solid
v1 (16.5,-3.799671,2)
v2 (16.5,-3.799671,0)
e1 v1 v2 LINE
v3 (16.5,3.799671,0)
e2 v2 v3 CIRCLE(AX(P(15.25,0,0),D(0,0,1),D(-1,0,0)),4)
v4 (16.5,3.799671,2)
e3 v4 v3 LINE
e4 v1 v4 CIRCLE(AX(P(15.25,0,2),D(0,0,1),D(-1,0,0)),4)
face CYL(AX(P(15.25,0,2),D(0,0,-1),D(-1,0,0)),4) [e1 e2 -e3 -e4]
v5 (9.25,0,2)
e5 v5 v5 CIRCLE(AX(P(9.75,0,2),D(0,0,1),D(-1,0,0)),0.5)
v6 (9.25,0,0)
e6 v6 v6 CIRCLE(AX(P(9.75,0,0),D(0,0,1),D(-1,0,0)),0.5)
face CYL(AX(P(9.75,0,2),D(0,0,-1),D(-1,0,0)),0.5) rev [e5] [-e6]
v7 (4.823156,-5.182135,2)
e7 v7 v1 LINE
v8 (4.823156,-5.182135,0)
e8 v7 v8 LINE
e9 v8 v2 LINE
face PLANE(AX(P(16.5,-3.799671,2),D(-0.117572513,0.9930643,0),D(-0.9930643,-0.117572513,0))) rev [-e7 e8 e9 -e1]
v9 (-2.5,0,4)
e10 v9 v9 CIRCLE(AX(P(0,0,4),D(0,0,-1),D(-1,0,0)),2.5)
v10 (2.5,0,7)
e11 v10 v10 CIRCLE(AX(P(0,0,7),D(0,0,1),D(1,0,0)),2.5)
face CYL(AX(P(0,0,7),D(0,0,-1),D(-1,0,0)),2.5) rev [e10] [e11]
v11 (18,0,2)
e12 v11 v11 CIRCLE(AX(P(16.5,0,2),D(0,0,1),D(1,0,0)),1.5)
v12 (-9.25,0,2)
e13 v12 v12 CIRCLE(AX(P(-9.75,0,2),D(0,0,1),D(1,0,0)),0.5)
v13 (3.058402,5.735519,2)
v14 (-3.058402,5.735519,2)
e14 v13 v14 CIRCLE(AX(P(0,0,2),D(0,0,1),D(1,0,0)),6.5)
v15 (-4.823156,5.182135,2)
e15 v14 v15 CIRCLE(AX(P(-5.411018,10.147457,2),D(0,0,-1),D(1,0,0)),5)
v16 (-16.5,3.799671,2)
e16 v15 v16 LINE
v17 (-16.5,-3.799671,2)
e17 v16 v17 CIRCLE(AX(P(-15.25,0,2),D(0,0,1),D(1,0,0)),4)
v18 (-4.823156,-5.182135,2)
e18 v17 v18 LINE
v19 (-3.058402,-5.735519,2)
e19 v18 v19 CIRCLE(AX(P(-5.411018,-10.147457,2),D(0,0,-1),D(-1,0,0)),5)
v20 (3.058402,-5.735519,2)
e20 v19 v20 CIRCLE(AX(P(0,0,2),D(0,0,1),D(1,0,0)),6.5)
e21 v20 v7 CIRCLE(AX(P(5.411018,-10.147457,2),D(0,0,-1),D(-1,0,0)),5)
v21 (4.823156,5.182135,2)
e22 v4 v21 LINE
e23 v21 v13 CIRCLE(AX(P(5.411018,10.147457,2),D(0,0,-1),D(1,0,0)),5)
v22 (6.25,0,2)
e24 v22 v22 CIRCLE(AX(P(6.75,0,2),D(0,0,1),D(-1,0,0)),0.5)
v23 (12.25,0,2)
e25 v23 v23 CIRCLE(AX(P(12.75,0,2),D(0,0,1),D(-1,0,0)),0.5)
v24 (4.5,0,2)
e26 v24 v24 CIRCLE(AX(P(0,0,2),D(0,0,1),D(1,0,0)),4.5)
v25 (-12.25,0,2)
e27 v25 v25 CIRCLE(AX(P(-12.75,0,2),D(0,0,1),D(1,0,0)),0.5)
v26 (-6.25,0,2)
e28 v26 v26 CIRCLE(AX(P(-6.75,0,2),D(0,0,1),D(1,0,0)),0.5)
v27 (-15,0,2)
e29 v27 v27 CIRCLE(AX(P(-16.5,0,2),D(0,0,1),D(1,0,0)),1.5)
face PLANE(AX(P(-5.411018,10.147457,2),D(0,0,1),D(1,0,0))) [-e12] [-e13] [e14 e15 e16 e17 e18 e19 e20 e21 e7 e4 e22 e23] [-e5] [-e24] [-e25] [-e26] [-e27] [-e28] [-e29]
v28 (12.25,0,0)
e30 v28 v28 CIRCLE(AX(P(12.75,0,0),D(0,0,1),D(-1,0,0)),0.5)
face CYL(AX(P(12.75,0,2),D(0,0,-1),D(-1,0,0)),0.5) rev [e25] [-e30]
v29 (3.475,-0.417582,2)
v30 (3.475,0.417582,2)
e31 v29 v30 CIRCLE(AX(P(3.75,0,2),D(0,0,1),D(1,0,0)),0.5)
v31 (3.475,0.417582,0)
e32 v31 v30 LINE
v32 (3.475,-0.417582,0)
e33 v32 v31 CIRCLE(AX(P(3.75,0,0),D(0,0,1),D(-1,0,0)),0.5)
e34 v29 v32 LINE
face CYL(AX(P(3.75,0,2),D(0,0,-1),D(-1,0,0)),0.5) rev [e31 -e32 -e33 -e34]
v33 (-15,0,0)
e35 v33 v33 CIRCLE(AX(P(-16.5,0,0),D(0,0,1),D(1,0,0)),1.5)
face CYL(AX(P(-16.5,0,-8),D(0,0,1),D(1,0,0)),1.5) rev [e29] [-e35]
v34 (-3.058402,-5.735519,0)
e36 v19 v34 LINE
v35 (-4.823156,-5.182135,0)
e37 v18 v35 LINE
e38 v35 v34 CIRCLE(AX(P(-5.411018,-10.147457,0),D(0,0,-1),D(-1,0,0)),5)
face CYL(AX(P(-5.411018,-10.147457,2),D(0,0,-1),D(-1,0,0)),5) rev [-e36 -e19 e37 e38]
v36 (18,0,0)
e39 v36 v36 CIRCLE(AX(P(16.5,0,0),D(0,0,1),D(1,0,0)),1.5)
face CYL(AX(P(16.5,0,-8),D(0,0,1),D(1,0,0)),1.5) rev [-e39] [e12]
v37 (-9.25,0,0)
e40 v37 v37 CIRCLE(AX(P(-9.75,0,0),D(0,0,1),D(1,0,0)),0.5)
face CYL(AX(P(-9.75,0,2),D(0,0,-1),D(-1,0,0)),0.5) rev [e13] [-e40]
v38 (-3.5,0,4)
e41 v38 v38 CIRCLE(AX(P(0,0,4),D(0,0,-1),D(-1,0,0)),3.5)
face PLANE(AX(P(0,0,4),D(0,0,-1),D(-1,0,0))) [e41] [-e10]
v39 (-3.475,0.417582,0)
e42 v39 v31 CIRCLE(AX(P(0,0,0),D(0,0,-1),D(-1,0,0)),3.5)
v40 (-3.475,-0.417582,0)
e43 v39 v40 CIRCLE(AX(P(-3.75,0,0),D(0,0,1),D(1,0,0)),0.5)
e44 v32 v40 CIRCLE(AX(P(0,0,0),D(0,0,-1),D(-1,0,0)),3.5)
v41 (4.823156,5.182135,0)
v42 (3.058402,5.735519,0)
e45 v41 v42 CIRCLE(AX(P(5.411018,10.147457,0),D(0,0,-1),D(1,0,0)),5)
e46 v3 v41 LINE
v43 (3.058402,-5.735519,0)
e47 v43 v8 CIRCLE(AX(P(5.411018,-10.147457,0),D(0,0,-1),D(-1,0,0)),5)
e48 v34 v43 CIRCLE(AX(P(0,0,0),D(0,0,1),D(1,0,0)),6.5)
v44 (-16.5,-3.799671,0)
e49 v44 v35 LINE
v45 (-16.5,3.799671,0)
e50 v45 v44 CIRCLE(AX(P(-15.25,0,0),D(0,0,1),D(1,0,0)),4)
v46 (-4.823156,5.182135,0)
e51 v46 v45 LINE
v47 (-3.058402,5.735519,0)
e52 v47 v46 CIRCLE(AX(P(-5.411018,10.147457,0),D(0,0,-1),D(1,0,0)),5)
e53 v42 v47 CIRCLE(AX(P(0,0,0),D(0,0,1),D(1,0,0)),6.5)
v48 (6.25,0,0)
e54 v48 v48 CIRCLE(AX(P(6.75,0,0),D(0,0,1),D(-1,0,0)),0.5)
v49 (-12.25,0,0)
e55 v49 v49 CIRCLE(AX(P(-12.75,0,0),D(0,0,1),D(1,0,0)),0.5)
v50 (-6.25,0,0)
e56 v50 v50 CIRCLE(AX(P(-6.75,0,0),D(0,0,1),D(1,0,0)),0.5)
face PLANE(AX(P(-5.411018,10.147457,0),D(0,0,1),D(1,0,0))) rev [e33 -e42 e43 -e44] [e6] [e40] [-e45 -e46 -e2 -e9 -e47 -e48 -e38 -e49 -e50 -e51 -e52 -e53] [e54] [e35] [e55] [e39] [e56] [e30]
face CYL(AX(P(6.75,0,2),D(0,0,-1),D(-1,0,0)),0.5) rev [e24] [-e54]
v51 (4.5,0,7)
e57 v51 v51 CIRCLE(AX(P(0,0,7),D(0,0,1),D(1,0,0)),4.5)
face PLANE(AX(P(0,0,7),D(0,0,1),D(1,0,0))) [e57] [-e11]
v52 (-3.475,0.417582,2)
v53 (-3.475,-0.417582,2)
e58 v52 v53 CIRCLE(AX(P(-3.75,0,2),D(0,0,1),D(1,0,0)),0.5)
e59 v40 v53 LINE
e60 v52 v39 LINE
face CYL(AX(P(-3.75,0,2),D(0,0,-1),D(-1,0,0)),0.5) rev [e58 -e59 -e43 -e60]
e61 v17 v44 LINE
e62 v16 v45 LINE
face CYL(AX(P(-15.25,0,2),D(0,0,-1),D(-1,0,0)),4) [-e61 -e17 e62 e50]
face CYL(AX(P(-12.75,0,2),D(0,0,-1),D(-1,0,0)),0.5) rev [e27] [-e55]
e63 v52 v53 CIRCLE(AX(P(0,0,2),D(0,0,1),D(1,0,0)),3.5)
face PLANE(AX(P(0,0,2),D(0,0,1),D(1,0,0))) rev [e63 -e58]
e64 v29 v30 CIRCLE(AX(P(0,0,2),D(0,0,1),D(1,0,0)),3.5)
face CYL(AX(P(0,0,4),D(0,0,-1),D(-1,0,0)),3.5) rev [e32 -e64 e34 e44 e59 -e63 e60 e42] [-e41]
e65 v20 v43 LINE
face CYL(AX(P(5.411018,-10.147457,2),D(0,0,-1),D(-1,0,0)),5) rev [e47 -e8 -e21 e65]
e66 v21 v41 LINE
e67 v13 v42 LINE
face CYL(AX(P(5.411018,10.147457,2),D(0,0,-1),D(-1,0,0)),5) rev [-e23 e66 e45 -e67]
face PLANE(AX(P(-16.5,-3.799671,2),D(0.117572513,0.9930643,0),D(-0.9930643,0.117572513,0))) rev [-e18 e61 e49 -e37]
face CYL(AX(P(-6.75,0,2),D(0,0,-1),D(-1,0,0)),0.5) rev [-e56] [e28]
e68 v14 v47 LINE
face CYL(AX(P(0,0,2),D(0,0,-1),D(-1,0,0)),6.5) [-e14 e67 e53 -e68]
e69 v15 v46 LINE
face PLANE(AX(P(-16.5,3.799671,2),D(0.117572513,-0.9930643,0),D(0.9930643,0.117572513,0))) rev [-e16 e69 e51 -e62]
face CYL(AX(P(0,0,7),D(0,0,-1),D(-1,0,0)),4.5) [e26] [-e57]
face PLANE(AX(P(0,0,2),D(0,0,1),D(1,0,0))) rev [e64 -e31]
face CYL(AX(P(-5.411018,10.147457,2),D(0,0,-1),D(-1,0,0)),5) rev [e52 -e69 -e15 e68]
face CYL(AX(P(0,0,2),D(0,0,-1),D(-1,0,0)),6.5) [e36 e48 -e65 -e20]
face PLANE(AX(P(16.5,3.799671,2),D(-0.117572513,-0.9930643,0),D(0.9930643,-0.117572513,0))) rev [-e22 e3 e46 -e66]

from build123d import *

# Parameters (mm, degrees)
SKETCH_1_R          = 0.5
EXTRUDE_1_DEPTH     = 2
SKETCH_2_R          = 4.5
SKETCH_2_R_2        = 2.5
EXTRUDE_2_DEPTH     = 5
SKETCH_3_R          = 3.5
CUT_EXTRUDE_1_DEPTH = 4
SKETCH_5_R          = 1.5
CUT_EXTRUDE_2_DEPTH = 10


with BuildPart() as part:
    # 草图1 → 凸台-拉伸1 (new body)
    with BuildSketch(Plane.XY):
        with BuildLine():
            Line((16.5, -3.799671038), (4.823155871, -5.182135299))
            ThreePointArc((4.823155871, -5.182135299), (3.914969309, -5.376520098), (3.058401724, -5.735519061))
            ThreePointArc((3.058401724, -5.735519061), (0, -6.5), (-3.058401724, -5.735519061))
            ThreePointArc((-3.058401724, -5.735519061), (-3.914969309, -5.376520098), (-4.823155871, -5.182135299))
            Line((-4.823155871, -5.182135299), (-16.5, -3.799671038))
            ThreePointArc((-16.5, -3.799671038), (-19.25, 0), (-16.5, 3.799671038))
            Line((-16.5, 3.799671038), (-4.823155871, 5.182135299))
            ThreePointArc((-4.823155871, 5.182135299), (-3.914969309, 5.376520098), (-3.058401724, 5.735519061))
            ThreePointArc((-3.058401724, 5.735519061), (0, 6.5), (3.058401724, 5.735519061))
            ThreePointArc((3.058401724, 5.735519061), (3.914969309, 5.376520098), (4.823155871, 5.182135299))
            Line((4.823155871, 5.182135299), (16.5, 3.799671038))
            ThreePointArc((16.5, 3.799671038), (19.25, 0), (16.5, -3.799671038))
        make_face()
        with Locations((-16.5, 0)):
            Circle(SKETCH_1_R, mode=Mode.SUBTRACT)
        with Locations((-12.75, 0)):
            Circle(SKETCH_1_R, mode=Mode.SUBTRACT)
        with Locations((-9.75, 0)):
            Circle(SKETCH_1_R, mode=Mode.SUBTRACT)
        with Locations((-6.75, 0)):
            Circle(SKETCH_1_R, mode=Mode.SUBTRACT)
        with Locations((-3.75, 0)):
            Circle(SKETCH_1_R, mode=Mode.SUBTRACT)
        with Locations(Location((3.75, 0, 0), (0, 0, 180))):
            Circle(SKETCH_1_R, mode=Mode.SUBTRACT)
        with Locations(Location((6.75, 0, 0), (0, 0, 180))):
            Circle(SKETCH_1_R, mode=Mode.SUBTRACT)
        with Locations(Location((9.75, 0, 0), (0, 0, 180))):
            Circle(SKETCH_1_R, mode=Mode.SUBTRACT)
        with Locations(Location((12.75, 0, 0), (0, 0, 180))):
            Circle(SKETCH_1_R, mode=Mode.SUBTRACT)
        with Locations(Location((16.5, 0, 0), (0, 0, 180))):
            Circle(SKETCH_1_R, mode=Mode.SUBTRACT)
    extrude(amount=EXTRUDE_1_DEPTH)

    # 草图2 → 凸台-拉伸2 (add)
    with BuildSketch(Plane.XY.offset(2)):
        Circle(SKETCH_2_R)
        Circle(SKETCH_2_R_2, mode=Mode.SUBTRACT)
    extrude(amount=EXTRUDE_2_DEPTH)

    # 草图3 → 切除-拉伸1 (cut)
    with BuildSketch(Plane(origin=(0, 0, 0), x_dir=(-1, 0, 0), z_dir=(0, 0, -1))):
        Circle(SKETCH_3_R)
    extrude(amount=-CUT_EXTRUDE_1_DEPTH, mode=Mode.SUBTRACT)

    # 草图5 → 切除-拉伸2 (cut)
    with BuildSketch(Plane.XY.offset(2)):
        with Locations((16.5, 0)):
            Circle(SKETCH_5_R)
        with Locations((-16.5, 0)):
            Circle(SKETCH_5_R)
    extrude(amount=-CUT_EXTRUDE_2_DEPTH, mode=Mode.SUBTRACT)


solid = part.part
